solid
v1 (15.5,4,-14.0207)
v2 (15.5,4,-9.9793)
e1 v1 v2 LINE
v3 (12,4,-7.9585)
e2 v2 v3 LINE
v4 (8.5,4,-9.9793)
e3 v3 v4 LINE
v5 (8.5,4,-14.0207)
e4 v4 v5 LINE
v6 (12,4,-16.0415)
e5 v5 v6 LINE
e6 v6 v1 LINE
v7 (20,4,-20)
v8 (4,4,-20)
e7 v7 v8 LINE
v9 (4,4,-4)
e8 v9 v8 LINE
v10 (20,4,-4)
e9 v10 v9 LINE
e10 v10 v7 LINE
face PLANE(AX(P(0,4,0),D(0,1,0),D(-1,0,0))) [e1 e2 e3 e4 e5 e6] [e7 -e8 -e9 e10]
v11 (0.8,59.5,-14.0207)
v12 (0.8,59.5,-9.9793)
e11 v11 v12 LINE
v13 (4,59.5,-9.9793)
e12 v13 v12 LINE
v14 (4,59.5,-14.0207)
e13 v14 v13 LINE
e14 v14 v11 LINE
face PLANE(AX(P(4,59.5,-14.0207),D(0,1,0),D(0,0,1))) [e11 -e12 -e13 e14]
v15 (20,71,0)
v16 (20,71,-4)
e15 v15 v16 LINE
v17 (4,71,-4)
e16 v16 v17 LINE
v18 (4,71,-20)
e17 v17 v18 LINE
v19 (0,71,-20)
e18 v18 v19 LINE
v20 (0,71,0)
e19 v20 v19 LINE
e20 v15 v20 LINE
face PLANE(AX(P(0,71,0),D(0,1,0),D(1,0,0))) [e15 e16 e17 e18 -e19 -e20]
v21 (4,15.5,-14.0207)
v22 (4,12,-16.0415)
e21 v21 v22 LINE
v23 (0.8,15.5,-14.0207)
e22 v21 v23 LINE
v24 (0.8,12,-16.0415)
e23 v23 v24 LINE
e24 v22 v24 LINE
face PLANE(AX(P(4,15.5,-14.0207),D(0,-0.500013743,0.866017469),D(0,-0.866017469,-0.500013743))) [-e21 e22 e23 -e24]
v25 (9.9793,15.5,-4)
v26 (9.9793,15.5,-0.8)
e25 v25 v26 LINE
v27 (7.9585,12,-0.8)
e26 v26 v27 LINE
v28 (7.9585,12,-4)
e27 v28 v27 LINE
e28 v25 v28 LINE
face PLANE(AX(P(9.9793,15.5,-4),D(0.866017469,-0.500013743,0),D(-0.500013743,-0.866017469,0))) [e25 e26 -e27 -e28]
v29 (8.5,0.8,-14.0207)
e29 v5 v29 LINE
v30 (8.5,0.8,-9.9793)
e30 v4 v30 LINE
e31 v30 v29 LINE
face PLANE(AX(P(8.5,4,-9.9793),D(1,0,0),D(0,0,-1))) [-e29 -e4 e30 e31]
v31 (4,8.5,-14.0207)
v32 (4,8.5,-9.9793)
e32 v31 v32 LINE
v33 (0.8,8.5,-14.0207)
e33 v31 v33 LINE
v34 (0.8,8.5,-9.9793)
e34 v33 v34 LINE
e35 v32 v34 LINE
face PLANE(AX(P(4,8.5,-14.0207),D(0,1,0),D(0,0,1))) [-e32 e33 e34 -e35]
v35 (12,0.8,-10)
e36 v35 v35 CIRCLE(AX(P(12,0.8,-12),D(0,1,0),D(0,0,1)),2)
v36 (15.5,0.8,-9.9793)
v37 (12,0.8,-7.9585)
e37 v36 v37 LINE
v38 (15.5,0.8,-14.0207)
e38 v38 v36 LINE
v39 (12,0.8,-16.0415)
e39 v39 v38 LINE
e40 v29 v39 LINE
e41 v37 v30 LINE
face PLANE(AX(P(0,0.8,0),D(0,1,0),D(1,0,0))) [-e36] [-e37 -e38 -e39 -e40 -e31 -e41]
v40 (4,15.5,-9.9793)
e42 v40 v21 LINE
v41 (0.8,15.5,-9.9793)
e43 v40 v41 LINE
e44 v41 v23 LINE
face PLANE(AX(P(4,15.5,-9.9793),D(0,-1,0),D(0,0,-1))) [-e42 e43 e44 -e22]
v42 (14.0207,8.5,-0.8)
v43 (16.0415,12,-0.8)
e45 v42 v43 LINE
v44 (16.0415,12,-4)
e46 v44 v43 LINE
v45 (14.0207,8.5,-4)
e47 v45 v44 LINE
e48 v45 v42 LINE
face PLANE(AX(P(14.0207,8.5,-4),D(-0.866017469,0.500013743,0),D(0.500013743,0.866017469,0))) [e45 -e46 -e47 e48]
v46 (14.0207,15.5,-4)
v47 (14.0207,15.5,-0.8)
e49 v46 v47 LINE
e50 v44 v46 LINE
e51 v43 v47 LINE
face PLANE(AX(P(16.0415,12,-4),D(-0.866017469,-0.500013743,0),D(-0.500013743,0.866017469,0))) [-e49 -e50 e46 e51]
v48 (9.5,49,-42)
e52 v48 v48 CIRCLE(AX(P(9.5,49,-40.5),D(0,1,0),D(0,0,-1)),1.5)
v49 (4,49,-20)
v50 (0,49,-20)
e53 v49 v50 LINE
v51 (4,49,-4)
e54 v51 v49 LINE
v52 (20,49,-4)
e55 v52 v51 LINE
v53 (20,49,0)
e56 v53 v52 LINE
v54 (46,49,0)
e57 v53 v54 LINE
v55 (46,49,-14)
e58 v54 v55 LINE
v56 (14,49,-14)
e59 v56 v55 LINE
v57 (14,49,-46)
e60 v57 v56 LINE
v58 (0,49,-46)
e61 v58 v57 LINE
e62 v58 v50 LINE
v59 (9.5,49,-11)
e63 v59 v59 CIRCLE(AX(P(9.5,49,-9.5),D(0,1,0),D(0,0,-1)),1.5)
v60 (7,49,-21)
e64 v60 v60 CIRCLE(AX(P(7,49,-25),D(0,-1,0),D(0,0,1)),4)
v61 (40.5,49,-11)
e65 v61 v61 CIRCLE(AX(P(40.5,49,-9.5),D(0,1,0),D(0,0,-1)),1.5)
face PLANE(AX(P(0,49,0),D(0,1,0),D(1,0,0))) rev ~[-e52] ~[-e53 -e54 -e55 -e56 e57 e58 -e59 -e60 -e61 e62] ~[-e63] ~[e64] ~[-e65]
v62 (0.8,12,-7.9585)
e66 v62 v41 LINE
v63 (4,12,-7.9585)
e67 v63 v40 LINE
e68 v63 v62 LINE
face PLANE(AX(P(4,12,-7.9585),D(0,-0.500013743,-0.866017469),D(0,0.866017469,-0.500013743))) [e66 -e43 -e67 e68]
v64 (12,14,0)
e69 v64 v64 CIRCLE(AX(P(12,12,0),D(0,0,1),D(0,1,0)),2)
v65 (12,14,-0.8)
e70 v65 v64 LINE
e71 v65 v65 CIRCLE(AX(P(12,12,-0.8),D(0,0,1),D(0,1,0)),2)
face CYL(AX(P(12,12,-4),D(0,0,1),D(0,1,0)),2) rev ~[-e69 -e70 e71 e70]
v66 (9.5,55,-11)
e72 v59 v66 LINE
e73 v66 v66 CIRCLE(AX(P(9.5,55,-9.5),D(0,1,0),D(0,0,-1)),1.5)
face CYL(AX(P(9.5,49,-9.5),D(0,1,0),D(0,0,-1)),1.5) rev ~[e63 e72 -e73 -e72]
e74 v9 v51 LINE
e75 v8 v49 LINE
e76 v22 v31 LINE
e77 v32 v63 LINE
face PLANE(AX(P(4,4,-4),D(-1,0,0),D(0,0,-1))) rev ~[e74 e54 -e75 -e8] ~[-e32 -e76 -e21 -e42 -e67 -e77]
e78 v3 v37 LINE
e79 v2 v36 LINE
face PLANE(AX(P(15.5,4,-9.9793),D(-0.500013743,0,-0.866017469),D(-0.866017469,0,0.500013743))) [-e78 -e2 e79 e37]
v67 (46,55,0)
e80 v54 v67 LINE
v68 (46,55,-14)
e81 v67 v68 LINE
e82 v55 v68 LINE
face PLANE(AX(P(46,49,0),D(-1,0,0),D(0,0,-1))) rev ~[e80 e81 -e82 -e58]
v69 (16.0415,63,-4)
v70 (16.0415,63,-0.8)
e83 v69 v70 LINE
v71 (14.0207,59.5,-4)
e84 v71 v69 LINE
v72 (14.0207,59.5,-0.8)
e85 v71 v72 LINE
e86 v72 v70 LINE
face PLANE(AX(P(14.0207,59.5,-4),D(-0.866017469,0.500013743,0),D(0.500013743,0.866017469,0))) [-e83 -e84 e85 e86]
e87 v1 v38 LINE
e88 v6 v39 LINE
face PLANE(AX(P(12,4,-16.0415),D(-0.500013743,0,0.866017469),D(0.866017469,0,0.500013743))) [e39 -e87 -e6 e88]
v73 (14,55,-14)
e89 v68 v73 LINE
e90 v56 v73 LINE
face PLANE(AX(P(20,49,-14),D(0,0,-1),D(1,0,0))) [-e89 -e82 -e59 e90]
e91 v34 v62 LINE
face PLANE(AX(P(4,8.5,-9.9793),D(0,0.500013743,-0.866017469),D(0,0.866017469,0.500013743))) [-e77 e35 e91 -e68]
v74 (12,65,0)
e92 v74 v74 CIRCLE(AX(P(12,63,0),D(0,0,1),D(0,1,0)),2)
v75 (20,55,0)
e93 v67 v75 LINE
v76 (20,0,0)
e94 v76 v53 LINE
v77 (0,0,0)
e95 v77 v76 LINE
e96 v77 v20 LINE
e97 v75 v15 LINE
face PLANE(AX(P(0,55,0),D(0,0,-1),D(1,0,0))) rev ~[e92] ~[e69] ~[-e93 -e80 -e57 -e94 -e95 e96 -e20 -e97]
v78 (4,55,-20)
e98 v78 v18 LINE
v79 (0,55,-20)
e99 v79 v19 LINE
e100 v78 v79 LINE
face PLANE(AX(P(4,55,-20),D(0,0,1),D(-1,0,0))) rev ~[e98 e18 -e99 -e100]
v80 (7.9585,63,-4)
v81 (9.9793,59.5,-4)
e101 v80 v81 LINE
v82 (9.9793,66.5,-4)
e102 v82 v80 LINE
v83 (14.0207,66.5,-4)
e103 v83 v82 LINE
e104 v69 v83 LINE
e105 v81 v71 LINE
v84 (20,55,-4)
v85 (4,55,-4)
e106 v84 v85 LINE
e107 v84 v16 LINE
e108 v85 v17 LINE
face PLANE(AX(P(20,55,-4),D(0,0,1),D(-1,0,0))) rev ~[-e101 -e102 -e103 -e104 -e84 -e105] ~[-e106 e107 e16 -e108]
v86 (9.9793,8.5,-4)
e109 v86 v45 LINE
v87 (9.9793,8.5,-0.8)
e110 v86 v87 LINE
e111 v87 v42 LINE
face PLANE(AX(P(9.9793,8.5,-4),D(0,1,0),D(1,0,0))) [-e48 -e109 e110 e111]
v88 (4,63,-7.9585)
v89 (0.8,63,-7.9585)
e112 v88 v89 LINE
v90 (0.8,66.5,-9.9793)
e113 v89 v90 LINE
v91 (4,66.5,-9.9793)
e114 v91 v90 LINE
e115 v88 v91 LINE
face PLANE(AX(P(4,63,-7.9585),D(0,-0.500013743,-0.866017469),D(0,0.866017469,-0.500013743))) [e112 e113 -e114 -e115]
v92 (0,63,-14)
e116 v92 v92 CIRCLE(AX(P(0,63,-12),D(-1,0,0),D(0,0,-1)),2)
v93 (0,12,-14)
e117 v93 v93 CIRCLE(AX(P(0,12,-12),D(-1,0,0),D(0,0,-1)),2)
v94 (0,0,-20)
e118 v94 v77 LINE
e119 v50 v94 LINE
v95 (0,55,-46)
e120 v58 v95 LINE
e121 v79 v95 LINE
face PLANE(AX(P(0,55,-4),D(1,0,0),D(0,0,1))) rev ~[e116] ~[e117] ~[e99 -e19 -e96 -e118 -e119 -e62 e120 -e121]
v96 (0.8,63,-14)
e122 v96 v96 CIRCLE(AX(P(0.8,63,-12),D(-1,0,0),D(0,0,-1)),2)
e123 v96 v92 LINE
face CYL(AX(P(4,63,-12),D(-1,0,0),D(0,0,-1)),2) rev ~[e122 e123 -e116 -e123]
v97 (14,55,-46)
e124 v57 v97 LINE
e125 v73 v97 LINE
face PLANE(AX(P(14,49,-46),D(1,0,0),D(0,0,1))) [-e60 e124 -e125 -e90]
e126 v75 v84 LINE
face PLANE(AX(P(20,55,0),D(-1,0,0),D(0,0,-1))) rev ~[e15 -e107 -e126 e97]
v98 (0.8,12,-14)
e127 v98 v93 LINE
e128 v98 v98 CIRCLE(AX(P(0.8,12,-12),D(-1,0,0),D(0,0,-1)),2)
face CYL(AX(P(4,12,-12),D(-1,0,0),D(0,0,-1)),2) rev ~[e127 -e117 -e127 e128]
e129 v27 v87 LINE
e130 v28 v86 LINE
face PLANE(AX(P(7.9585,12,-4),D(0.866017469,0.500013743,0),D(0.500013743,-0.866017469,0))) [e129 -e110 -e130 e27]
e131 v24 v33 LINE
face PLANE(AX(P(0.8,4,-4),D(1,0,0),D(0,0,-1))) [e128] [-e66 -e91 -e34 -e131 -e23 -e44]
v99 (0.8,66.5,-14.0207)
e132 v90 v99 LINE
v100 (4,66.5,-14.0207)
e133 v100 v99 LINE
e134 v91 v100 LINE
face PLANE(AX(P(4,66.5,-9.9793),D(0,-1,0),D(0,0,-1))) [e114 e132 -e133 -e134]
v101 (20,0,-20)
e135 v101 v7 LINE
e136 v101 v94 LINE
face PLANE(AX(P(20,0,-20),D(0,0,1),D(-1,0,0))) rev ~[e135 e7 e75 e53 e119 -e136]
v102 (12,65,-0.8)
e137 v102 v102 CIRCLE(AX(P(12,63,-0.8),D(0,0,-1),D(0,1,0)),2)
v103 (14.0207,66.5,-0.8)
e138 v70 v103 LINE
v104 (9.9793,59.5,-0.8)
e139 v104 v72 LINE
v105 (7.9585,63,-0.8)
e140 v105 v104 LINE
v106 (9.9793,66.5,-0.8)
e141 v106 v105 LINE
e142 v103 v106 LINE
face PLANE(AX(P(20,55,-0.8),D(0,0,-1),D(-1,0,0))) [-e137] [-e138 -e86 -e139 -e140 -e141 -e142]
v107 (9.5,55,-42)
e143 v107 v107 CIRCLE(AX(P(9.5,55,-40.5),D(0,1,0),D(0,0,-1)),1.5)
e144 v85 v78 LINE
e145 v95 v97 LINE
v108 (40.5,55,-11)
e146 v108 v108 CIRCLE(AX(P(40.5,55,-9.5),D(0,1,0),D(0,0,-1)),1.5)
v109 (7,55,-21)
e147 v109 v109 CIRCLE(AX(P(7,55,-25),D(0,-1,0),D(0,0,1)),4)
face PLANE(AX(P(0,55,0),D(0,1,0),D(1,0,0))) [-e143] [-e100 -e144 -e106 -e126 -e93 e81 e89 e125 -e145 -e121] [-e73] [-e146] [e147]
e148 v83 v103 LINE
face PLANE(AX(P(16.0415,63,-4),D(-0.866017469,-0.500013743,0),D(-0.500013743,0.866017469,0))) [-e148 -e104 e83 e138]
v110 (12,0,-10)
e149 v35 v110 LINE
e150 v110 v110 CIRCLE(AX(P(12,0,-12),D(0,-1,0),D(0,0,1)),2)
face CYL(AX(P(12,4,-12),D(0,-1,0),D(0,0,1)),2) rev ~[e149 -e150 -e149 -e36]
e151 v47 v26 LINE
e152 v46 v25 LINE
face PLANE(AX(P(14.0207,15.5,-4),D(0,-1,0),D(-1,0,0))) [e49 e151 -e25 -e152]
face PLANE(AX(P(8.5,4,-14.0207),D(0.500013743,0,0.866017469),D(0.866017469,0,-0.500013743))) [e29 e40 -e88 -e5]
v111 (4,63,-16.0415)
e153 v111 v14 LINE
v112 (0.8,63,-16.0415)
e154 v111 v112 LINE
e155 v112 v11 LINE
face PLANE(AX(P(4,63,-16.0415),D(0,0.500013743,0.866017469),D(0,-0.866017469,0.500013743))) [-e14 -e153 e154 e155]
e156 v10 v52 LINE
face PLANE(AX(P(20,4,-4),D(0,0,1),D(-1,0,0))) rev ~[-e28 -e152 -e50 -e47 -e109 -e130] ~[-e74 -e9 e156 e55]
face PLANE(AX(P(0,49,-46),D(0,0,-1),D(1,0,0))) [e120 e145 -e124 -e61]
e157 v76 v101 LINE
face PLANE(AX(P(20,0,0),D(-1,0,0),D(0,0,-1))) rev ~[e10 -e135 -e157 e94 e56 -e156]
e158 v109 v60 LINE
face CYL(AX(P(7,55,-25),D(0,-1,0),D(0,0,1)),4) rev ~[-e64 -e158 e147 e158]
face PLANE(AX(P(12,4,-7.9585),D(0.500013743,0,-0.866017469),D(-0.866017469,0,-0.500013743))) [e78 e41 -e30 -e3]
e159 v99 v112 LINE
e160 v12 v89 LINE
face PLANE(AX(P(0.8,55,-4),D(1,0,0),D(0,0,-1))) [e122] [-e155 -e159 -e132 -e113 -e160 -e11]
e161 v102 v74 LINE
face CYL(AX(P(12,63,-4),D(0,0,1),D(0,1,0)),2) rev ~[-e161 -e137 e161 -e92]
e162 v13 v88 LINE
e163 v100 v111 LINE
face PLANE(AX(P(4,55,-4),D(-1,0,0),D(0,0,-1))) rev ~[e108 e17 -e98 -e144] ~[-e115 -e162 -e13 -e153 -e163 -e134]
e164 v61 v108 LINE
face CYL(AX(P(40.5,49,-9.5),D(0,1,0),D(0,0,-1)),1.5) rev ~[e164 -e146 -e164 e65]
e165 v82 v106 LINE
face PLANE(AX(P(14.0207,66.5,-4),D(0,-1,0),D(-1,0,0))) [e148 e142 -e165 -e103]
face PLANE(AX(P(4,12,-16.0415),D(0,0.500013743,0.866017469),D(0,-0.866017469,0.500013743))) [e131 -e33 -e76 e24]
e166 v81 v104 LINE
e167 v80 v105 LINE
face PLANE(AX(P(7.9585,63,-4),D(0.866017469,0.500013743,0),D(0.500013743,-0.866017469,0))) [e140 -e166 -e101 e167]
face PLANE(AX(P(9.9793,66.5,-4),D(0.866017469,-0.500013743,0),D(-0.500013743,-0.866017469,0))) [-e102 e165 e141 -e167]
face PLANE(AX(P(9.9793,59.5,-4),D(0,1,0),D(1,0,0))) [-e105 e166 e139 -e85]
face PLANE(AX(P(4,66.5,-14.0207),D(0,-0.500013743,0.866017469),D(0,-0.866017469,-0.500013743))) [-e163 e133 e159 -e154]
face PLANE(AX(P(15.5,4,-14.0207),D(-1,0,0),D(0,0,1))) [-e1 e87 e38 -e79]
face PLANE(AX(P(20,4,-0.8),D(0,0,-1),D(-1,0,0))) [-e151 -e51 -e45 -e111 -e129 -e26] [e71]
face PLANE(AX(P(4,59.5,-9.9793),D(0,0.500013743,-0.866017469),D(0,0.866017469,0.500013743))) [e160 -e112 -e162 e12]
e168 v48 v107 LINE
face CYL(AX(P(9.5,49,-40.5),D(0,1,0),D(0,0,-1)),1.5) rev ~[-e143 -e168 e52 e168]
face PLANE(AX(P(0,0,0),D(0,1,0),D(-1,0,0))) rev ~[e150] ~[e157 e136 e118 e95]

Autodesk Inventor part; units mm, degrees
ref_plane "YZ Plane" through (0, 0, 0) normal (1, 0, 0) x (0, 1, 0)
ref_plane "XZ Plane" through (0, 0, 0) normal (0, 1, 0) x (-1, 0, 0)
ref_plane "XY Plane" through (0, 0, 0) normal (0, 0, 1) x (1, 0, 0)
sketch "Sketch1" plane through (0, 0, 0) normal (0, 1, 0) x (-1, 0, 0)
  line L0 (0, 0) -> (-20, 0)
  line L1 (-20, 0) -> (-20, -20)
  line L2 (-20, -20) -> (0, -20)
  line L3 (0, -20) -> (0, 0)
  dimension "d0" = 20
  dimension "d1" = 20
extrude "Extrusion1" add sketch "Sketch1" along normal blind 4
sketch "Sketch2" plane through (0, 4, 0) normal (0, 1, 0) x (1, 0, 0)
  line L0 (0, 0) -> (20, 0)
  line L1 (20, 0) -> (20, 4)
  line L2 (20, 4) -> (4, 4)
  line L3 (0, 4) -> (0, 0)
  line L4 (0, 0) -> (4, 0)
  line L5 (4, 20) -> (0, 20)
  line L6 (0, 20) -> (0, 0)
  line L7 (4, 4) -> (4, 20)
  line L8 (0, 0) -> (20, 0) projected
  line L9 (0, 0) -> (20, 0)
  line L10 (0, 20) -> (0, 0) projected
  line L11 (0, 0) -> (0, 20)
extrude "Extrusion2" add sketch "Sketch2" along normal blind 45
hole "Hole2" at (12, 12, -4) direction (0, 0, 1) diameter 4 end through all
hole "Hole3" at (4, 12, -12) direction (-1, 0, 0) diameter 4 end through all
hole "Hole4" at (12, 4, -12) direction (0, -1, 0) diameter 4 end through all
sketch "Sketch3" plane through (20, 4, -4) normal (0, 0, -1) x (-1, 0, 0)
  line L0 (12.0415, 8) -> (10.0207, 4.5)
  line L1 (10.0207, 4.5) -> (5.9793, 4.5)
  line L2 (5.9793, 4.5) -> (3.9585, 8)
  line L3 (3.9585, 8) -> (5.9793, 11.5)
  line L4 (5.9793, 11.5) -> (10.0207, 11.5)
  line L5 (10.0207, 11.5) -> (12.0415, 8)
  point P0 (20, -4)
  point P1 (8, 8)
  dimension "d51" = 7
sketch "Sketch4" plane through (4, 4, -4) normal (1, 0, 0) x (0, 0, -1)
  line L0 (12.0415, 8) -> (10.0207, 4.5)
  line L1 (10.0207, 4.5) -> (5.9793, 4.5)
  line L2 (5.9793, 4.5) -> (3.9585, 8)
  line L3 (3.9585, 8) -> (5.9793, 11.5)
  line L4 (5.9793, 11.5) -> (10.0207, 11.5)
  line L5 (10.0207, 11.5) -> (12.0415, 8)
  point P0 (-4, -4)
  point P1 (8, 8)
  dimension "d52" = 7
sketch "Sketch5" plane through (0, 4, 0) normal (0, 1, 0) x (1, 0, 0)
  circle A0 centre (12, 12) radius 2 projected
  line L0 (12, 7.9585) -> (8.5, 9.9793)
  line L1 (8.5, 9.9793) -> (8.5, 14.0207)
  line L2 (8.5, 14.0207) -> (12, 16.0415)
  line L3 (12, 16.0415) -> (15.5, 14.0207)
  line L4 (15.5, 14.0207) -> (15.5, 9.9793)
  line L5 (15.5, 9.9793) -> (12, 7.9585)
  point P0 (0, 0)
  dimension "d53" = 7
extrude "Extrusion3" cut sketch "Sketch3" against normal blind 3.2
extrude "Extrusion4" cut sketch "Sketch4" against normal blind 3.2
extrude "Extrusion5" cut sketch "Sketch5" against normal blind 3.2
sketch "Sketch6" plane through (0, 49, 0) normal (0, 1, 0) x (1, 0, 0)
  line L0 (0, 0) -> (20, 0) projected
  line L1 (0, 0) -> (0, 46)
  line L2 (0, 20) -> (0, 0) projected
  line L3 (0, 0) -> (46, 0)
  line L4 (46, 0) -> (46, 14)
  line L5 (0, 46) -> (14, 46)
  line L6 (14, 46) -> (14, 14)
  line L7 (14, 14) -> (46, 14)
  line L8 (20, 4) -> (4, 4) projected
  line L9 (4, 4) -> (4, 20) projected
  line L10 (20, 20) -> (4, 20) projected
  line L11 (20, 4) -> (20, 20) projected
  point P0 (9.5, 9.5)
  point P1 (9.5, 40.5)
  point P2 (40.5, 9.5)
  dimension "d62" = 14
  dimension "d65" = 42
  dimension "d66" = 42
  dimension "d68" = 5.5
  dimension "d69" = 5.5
  dimension "d70" = 31
  dimension "d71" = 31
  dimension "d72" = 14
extrude "Extrusion6" add sketch "Sketch6" along normal blind 6 contours L1 L5 L6 L10 L9 L8 L11 L7 L4 L3 L0 | L11 L8 L9 L10 L6 L7
hole "Hole5" at (9.5, 49, -9.5) at (9.5, 49, -40.5) at (40.5, 49, -9.5) direction (0, 1, 0) diameter 3 end through all
sketch "Sketch7" plane through (0, 55, 0) normal (0, 1, 0) x (1, 0, 0)
  line L0 (0, 0) -> (20, 0) projected
  line L1 (20, 4) -> (4, 4) projected
  line L2 (0, 0) -> (20, 0)
  line L3 (20, 0) -> (20, 4)
  line L4 (20, 4) -> (4, 4)
  line L5 (0, 4) -> (0, 0)
  line L6 (0, 0) -> (4, 0)
  line L7 (4, 20) -> (0, 20)
  line L8 (0, 20) -> (0, 0)
  line L9 (4, 4) -> (4, 20)
  dimension "d82" = 20
  dimension "d83" = 4
  dimension "d84" = 4
  dimension "d85" = 20
extrude "Extrusion7" add sketch "Sketch7" along normal blind 16
hole "Hole6" at (12, 63, -4) direction (0, 0, 1) diameter 4 end through all
hole "Hole7" at (4, 63, -12) direction (-1, 0, 0) diameter 4 end through all
sketch "Sketch8" plane through (4, 55, -4) normal (1, 0, 0) x (0, 0, -1)
  line L0 (3.9585, 8) -> (5.9793, 11.5)
  line L1 (5.9793, 11.5) -> (10.0207, 11.5)
  line L2 (10.0207, 11.5) -> (12.0415, 8)
  line L3 (12.0415, 8) -> (10.0207, 4.5)
  line L4 (10.0207, 4.5) -> (5.9793, 4.5)
  line L5 (5.9793, 4.5) -> (3.9585, 8)
  point P0 (-4, -55)
  point P1 (8, 8)
  dimension "d106" = 7
sketch "Sketch9" plane through (20, 55, -4) normal (0, 0, -1) x (-1, 0, 0)
  circle A0 centre (8, 8) radius 2 projected
  line L0 (3.9585, 8) -> (5.9793, 11.5)
  line L1 (5.9793, 11.5) -> (10.0207, 11.5)
  line L2 (10.0207, 11.5) -> (12.0415, 8)
  line L3 (12.0415, 8) -> (10.0207, 4.5)
  line L4 (10.0207, 4.5) -> (5.9793, 4.5)
  line L5 (5.9793, 4.5) -> (3.9585, 8)
  point P0 (20, -55)
  dimension "d107" = 7
extrude "Extrusion8" cut sketch "Sketch9" against normal blind 3.2
extrude "Extrusion9" cut sketch "Sketch8" against normal blind 3.2
hole "Hole8" at (7, 55, -25) direction (0, -1, 0) diameter 8 end through all
properties part number "MotorMount" material "PLA Orange"
